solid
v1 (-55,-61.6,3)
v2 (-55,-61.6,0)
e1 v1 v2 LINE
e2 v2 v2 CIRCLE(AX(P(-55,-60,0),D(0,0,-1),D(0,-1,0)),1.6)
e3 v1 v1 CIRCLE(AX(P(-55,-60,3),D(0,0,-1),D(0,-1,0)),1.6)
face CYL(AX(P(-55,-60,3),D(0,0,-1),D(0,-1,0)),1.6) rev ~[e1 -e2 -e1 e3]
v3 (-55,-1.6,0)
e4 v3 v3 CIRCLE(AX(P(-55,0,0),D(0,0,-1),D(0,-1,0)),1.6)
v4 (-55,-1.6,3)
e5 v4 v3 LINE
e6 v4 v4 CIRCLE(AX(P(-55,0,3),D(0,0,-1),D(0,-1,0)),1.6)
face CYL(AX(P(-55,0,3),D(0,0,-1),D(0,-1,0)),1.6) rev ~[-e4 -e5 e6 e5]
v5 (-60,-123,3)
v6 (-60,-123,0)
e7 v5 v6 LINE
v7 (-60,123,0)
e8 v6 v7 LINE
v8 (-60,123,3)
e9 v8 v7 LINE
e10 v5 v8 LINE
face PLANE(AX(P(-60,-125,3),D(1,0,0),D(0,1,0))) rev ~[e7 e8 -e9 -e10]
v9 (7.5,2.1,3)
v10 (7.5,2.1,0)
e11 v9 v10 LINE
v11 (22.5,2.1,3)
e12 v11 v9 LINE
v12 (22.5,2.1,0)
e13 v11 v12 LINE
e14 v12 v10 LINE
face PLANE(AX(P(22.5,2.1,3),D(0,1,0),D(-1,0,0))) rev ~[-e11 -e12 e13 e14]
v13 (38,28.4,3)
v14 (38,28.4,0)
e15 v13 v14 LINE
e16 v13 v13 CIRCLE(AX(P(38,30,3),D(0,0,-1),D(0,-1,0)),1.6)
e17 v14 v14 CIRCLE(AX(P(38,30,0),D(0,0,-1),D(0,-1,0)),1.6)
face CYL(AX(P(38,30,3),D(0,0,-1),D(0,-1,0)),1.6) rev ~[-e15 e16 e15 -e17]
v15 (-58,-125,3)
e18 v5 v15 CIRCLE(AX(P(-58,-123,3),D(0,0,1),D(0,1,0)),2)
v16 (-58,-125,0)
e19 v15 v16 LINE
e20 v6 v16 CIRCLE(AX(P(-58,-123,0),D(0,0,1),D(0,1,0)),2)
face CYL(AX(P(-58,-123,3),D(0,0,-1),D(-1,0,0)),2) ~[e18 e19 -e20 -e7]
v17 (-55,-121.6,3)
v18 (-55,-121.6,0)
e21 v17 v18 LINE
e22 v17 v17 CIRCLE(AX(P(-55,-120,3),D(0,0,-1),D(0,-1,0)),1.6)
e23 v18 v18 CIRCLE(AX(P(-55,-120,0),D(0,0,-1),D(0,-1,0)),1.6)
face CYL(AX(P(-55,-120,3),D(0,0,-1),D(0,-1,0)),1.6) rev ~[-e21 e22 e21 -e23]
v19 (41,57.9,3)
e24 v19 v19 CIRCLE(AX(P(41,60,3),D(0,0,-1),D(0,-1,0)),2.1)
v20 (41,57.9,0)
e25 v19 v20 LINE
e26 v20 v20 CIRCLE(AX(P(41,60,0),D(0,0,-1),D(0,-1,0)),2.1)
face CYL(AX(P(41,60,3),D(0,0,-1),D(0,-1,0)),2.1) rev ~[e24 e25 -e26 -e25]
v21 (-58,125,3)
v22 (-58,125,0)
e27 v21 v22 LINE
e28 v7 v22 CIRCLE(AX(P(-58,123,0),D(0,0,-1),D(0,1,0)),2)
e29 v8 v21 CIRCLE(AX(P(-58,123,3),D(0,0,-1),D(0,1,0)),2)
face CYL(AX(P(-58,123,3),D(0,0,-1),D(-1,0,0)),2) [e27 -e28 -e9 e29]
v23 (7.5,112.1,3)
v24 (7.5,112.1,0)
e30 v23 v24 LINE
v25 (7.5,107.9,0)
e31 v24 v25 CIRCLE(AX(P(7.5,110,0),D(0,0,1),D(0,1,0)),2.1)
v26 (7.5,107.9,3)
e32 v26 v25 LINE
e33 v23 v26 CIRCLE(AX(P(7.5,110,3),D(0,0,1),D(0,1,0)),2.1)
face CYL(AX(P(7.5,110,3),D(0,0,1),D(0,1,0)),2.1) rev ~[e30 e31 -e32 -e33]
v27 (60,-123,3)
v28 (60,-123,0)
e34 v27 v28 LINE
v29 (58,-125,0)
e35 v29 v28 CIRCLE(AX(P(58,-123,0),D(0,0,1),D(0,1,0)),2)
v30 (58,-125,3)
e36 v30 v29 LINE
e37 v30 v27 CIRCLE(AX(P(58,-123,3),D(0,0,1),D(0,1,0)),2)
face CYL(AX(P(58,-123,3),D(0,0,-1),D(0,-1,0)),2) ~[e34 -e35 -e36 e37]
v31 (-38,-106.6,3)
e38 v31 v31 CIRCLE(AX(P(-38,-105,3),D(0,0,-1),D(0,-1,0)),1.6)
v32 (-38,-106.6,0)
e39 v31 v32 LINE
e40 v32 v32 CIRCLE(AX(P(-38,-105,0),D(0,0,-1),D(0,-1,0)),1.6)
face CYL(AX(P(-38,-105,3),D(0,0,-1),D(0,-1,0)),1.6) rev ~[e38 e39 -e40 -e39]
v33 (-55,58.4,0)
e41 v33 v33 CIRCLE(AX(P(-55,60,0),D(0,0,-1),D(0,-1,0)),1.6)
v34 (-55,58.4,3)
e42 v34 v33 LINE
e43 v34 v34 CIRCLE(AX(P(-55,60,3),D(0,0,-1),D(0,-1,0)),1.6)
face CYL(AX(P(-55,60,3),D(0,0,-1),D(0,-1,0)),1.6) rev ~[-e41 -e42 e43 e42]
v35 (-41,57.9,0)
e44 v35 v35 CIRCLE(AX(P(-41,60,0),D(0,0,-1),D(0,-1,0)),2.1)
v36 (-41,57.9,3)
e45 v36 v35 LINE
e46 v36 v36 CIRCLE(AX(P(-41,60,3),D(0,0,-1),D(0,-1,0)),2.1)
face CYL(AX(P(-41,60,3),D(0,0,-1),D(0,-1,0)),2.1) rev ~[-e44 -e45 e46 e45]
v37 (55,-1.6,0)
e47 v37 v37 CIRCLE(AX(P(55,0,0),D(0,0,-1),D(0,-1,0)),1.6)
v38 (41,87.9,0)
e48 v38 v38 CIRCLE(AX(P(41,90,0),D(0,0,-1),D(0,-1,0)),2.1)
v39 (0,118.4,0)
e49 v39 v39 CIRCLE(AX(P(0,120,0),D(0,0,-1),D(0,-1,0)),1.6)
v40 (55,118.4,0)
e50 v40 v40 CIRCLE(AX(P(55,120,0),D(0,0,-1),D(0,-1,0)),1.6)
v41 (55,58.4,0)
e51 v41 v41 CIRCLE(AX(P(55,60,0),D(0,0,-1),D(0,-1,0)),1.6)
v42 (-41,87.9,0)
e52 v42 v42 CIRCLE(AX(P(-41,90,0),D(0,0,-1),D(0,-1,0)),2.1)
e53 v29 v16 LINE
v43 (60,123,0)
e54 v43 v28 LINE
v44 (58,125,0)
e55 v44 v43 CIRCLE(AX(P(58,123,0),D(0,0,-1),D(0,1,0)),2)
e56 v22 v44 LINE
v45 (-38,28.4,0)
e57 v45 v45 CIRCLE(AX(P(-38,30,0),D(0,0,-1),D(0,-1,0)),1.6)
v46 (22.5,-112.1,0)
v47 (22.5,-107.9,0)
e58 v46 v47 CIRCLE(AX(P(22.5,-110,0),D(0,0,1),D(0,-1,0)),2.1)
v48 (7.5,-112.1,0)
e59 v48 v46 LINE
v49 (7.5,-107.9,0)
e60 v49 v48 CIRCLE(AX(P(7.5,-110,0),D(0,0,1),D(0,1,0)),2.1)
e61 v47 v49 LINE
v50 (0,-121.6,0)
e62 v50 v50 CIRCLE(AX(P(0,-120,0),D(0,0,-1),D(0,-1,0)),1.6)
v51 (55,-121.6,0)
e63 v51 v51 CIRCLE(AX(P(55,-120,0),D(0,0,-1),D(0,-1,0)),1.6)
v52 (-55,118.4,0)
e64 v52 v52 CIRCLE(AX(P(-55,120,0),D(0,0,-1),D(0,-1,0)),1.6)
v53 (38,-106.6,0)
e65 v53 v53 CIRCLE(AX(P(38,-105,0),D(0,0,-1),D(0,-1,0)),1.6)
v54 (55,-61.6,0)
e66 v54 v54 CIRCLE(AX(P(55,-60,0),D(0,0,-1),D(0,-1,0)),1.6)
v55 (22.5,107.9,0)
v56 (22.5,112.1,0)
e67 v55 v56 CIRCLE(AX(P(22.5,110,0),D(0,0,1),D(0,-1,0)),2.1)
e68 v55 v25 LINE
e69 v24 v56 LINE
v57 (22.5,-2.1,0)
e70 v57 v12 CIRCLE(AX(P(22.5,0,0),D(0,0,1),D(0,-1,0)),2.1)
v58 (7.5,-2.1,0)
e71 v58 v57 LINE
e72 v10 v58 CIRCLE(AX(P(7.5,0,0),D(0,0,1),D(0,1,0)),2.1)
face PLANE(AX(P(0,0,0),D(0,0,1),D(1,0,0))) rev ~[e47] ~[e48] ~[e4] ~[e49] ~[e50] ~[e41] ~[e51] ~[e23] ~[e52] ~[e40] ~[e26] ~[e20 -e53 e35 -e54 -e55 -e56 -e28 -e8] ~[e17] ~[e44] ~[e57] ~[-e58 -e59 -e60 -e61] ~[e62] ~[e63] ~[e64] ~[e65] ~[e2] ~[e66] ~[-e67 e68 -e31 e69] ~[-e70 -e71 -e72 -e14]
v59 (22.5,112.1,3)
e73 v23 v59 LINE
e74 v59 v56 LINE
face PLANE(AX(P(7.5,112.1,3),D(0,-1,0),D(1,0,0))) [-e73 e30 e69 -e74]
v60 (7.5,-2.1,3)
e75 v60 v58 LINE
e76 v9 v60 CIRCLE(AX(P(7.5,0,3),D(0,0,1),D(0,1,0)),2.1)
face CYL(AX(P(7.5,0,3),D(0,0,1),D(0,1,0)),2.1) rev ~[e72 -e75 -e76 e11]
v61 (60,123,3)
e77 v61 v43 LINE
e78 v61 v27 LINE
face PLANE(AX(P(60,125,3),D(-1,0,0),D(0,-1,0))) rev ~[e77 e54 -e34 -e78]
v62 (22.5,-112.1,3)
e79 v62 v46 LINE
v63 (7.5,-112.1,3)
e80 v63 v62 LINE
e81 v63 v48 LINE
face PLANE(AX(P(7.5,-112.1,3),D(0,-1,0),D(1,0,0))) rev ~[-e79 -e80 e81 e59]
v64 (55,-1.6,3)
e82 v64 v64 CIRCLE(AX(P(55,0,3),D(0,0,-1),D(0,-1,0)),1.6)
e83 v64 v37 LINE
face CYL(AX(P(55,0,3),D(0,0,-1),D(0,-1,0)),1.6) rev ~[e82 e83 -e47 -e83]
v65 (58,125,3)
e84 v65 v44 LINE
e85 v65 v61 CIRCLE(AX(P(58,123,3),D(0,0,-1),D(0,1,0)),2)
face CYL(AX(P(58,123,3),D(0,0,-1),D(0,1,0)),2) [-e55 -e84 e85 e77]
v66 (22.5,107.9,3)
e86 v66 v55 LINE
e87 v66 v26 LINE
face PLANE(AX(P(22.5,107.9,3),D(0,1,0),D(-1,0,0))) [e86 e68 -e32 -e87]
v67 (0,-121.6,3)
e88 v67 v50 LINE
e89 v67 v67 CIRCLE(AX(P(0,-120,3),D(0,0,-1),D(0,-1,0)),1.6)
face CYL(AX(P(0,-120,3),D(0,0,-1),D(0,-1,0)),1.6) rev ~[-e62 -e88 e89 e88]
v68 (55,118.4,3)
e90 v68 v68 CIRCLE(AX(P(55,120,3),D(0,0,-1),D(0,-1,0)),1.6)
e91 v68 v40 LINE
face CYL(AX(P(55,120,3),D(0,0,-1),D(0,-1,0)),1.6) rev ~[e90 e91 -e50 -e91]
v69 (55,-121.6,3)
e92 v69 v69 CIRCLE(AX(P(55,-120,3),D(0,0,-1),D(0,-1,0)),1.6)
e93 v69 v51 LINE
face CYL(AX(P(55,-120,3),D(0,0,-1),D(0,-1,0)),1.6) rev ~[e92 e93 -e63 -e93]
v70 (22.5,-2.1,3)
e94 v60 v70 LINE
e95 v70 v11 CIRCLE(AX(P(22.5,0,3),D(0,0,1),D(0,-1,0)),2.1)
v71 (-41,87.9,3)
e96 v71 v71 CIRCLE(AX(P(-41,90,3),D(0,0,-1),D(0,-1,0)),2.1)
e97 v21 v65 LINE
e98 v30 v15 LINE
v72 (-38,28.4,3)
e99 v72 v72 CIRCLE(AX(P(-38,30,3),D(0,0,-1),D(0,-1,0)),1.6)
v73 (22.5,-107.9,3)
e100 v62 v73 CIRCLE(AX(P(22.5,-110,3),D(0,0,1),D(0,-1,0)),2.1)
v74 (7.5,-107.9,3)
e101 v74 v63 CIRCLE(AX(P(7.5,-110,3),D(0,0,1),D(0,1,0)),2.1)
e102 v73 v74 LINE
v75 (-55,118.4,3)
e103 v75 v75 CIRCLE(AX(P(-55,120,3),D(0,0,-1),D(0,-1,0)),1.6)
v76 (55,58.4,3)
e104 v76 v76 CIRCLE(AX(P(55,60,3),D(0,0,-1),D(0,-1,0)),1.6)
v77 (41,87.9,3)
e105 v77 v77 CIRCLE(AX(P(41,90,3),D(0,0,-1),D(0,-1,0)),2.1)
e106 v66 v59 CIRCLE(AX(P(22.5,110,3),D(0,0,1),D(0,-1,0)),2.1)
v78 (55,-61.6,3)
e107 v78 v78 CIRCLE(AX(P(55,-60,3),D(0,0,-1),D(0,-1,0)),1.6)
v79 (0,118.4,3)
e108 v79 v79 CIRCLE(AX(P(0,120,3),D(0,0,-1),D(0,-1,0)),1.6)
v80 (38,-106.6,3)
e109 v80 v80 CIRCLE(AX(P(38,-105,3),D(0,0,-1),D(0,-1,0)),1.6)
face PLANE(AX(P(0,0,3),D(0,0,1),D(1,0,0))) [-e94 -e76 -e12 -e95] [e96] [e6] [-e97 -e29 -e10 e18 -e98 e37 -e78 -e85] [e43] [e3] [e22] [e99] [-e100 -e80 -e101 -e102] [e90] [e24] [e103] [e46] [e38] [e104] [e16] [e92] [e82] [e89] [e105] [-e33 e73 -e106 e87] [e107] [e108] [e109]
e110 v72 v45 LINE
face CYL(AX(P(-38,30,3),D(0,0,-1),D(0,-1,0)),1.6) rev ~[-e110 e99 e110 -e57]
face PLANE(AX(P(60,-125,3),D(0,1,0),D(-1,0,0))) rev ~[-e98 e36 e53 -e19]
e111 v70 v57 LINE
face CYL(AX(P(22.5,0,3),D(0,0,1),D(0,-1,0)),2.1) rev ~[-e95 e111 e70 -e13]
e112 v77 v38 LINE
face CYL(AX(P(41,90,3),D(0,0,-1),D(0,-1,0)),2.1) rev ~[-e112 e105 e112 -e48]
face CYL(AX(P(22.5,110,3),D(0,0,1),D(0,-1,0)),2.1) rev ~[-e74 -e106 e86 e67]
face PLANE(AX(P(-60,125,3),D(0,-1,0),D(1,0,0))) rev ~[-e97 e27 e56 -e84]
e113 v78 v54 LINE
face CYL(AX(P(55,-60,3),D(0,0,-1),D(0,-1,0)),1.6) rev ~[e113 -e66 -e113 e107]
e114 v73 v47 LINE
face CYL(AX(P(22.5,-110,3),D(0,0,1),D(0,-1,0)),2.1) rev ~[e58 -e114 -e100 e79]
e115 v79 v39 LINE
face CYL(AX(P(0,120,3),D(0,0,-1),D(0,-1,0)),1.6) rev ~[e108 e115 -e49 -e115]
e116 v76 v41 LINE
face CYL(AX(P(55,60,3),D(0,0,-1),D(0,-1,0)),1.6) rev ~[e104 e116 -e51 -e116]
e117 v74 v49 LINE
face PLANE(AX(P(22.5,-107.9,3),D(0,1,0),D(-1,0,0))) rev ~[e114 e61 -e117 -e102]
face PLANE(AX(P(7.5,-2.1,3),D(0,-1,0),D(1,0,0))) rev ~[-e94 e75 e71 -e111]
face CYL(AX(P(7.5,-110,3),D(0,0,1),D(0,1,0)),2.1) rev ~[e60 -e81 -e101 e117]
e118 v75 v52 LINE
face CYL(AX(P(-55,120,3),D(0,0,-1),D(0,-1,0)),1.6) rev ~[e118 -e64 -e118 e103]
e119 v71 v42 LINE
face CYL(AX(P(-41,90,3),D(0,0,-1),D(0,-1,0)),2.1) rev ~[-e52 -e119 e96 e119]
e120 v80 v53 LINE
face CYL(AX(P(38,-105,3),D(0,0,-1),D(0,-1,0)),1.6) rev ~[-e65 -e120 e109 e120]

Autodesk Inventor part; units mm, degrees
ref_plane "YZ Plane" through (0, 0, 0) normal (1, 0, 0) x (0, 1, 0)
ref_plane "XZ Plane" through (0, 0, 0) normal (0, 1, 0) x (-1, 0, 0)
ref_plane "XY Plane" through (0, 0, 0) normal (0, 0, 1) x (1, 0, 0)
sketch "スケッチ1" plane through (0, 0, 0) normal (0, 0, 1) x (1, 0, 0)
  line L0 (50, -115) -> (-50, -115)
  line L1 (-50, -115) -> (-50, 115)
  line L2 (-50, 115) -> (50, 115)
  line L3 (50, 115) -> (50, -115)
  line L4 (50, -115) -> (-50, 115) construction
  line L5 (-50, -115) -> (50, 115) construction
  point P0 (0, 0)
  dimension "d0" = 230
  dimension "d1" = 100
extrude "押し出し1" add sketch "スケッチ1" along normal blind 3
sketch "スケッチ2" plane through (0, 0, 3) normal (0, 0, 1) x (1, 0, 0)
  line L0 (38, -105) -> (-38, -105)
  line L1 (-38, -105) -> (-38, 30)
  line L2 (-38, 30) -> (38, 30)
  line L3 (38, 30) -> (38, -105)
  line L4 (38, -105) -> (-38, 30) construction
  line L5 (-38, -105) -> (38, 30) construction
  line L6 (-50, -115) -> (50, -115) projected
  point P0 (0, 0)
  point P1 (0, -37.5)
  point P2 (0, -37.5)
  dimension "d4" = 76
  dimension "d5" = 135
  dimension "d6" = 10
hole "穴1" at (-38, -105, 3) at (38, -105, 3) at (38, 30, 3) at (-38, 30, 3) direction (0, 0, -1) diameter 3.2 end through all
sketch "スケッチ3" plane through (0, 0, 3) normal (0, 0, 1) x (1, 0, 0)
  line L0 (41, 60) -> (-41, 60)
  line L1 (-41, 60) -> (-41, 90)
  line L2 (-41, 90) -> (41, 90)
  line L3 (41, 90) -> (41, 60)
  line L4 (41, 60) -> (-41, 90) construction
  line L5 (-41, 60) -> (41, 90) construction
  circle A0 centre (-38, 30) radius 1.6 projected
  point P0 (0, 0)
  point P1 (0, 75)
  dimension "d14" = 82
  dimension "d15" = 30
  dimension "d16" = 30
hole "穴2" at (-41, 60, 3) at (41, 60, 3) at (41, 90, 3) at (-41, 90, 3) direction (0, 0, -1) diameter 4.2 end through all
sketch "スケッチ4" plane through (0, 0, 3) normal (0, 0, 1) x (1, 0, 0)
  circle A0 centre (41, 90) radius 2.1 projected
  circle A1 centre (-41, 60) radius 2.1 projected
  circle A2 centre (41, 60) radius 2.1 projected
  circle A3 centre (-41, 90) radius 2.1 projected
  circle A4 centre (38, 30) radius 1.6 projected
  circle A5 centre (-38, -105) radius 1.6 projected
  circle A6 centre (38, -105) radius 1.6 projected
  circle A7 centre (-38, 30) radius 1.6 projected
  line L0 (50, 115) -> (-50, 115) projected
  line L1 (-50, 115) -> (-50, -115) projected
  line L2 (-50, -115) -> (50, -115) projected
  line L3 (50, -115) -> (50, 115) projected
  line L4 (-60, -125) -> (-60, 125)
  line L5 (-60, 125) -> (60, 125)
  line L6 (60, 125) -> (60, -125)
  line L7 (60, -125) -> (-60, -125)
  point P0 (0, 0)
  dimension "d24" = 10
extrude "押し出し2" add sketch "スケッチ4" against normal up to surface (3 mm away) contours L4 L5 L6 L7
sketch "スケッチ5" plane through (0, 0, 3) normal (0, 0, 1) x (1, 0, 0)
  line L0 (60, 125) -> (-60, 125) projected
  line L1 (-60, 125) -> (-60, -125) projected
  line L2 (-60, -125) -> (60, -125) projected
  line L3 (60, -125) -> (60, 125) projected
  circle A0 centre (41, 90) radius 2.1 projected
  circle A1 centre (-41, 60) radius 2.1 projected
  circle A2 centre (41, 60) radius 2.1 projected
  circle A3 centre (-41, 90) radius 2.1 projected
  circle A4 centre (38, 30) radius 1.6 projected
  circle A5 centre (-38, -105) radius 1.6 projected
  circle A6 centre (38, -105) radius 1.6 projected
  circle A7 centre (-38, 30) radius 1.6 projected
  line L4 (-55, -120) -> (-55, 120)
  line L5 (-55, 120) -> (55, 120)
  line L6 (55, 120) -> (55, -120)
  line L7 (55, -120) -> (-55, -120)
  point P0 (0, 0)
  point P1 (0, -120)
  point P2 (0, 120)
  point P3 (55, 0)
  point P4 (55, -60)
  point P5 (-55, -60)
  point P6 (-55, 60)
  point P7 (55, 60)
  point P8 (-55, 0)
  dimension "d27" = 5
  dimension "d28" = 60
  dimension "d29" = 60
hole "穴3" at (-55, -120, 3) at (55, -120, 3) at (0, -120, 3) at (0, 120, 3) at (-55, 120, 3) at (55, 120, 3) at (55, 0, 3) at (55, -60, 3) at (-55, -60, 3) at (-55, 60, 3) at (55, 60, 3) at (-55, 0, 3) direction (0, 0, -1) diameter 3.2 end through all
fillet "フィレット1" radius 2 4 edges at (-60, -125, 1.5) (60, -125, 1.5) (60, 125, 1.5) (-60, 125, 1.5)
sketch "スケッチ6" plane through (0, 0, 3) normal (0, 0, 1) x (1, 0, 0)
  circle A0 centre (55, 60) radius 1.6 projected
  circle A1 centre (-55, -60) radius 1.6 projected
  circle A2 centre (55, 0) radius 1.6 projected
  circle A3 centre (-55, 120) radius 1.6 projected
  circle A4 centre (0, -120) radius 1.6 projected
  circle A5 centre (-55, -120) radius 1.6 projected
  circle A6 centre (55, -120) radius 1.6 projected
  circle A7 centre (0, 120) radius 1.6 projected
  circle A8 centre (55, 120) radius 1.6 projected
  circle A9 centre (55, -60) radius 1.6 projected
  circle A10 centre (-55, 60) radius 1.6 projected
  circle A11 centre (-55, 0) radius 1.6 projected
  arc A12 (-58, 125) -> (-60, 123) centre (-58, 123) ccw projected
  line L0 (-60, 123) -> (-60, -123) projected
  arc A13 (-60, -123) -> (-58, -125) centre (-58, -123) ccw projected
  line L1 (-58, -125) -> (58, -125) projected
  arc A14 (58, -125) -> (60, -123) centre (58, -123) ccw projected
  line L2 (60, -123) -> (60, 123) projected
  arc A15 (60, 123) -> (58, 125) centre (58, 123) ccw projected
  line L3 (58, 125) -> (-58, 125) projected
  circle A16 centre (41, 90) radius 2.1 projected
  circle A17 centre (-41, 60) radius 2.1 projected
  circle A18 centre (41, 60) radius 2.1 projected
  circle A19 centre (-41, 90) radius 2.1 projected
  circle A20 centre (38, 30) radius 1.6 projected
  circle A21 centre (-38, -105) radius 1.6 projected
  circle A22 centre (38, -105) radius 1.6 projected
  circle A23 centre (-38, 30) radius 1.6 projected
  line L4 (22.5, 0) -> (7.5, 0) construction
  line L5 (22.5, 2.1) -> (7.5, 2.1)
  line L6 (7.5, -2.1) -> (22.5, -2.1)
  arc A24 (22.5, -2.1) -> (22.5, 2.1) centre (22.5, 0) ccw
  arc A25 (7.5, 2.1) -> (7.5, -2.1) centre (7.5, 0) ccw
  line L7 (22.5, -110) -> (7.5, -110) construction
  line L8 (22.5, -107.9) -> (7.5, -107.9)
  line L9 (7.5, -112.1) -> (22.5, -112.1)
  arc A26 (22.5, -112.1) -> (22.5, -107.9) centre (22.5, -110) ccw
  arc A27 (7.5, -107.9) -> (7.5, -112.1) centre (7.5, -110) ccw
  line L10 (22.5, 110) -> (7.5, 110) construction
  line L11 (22.5, 107.9) -> (7.5, 107.9)
  line L12 (7.5, 112.1) -> (22.5, 112.1)
  arc A28 (22.5, 107.9) -> (22.5, 112.1) centre (22.5, 110) ccw
  arc A29 (7.5, 112.1) -> (7.5, 107.9) centre (7.5, 110) ccw
  point P0 (15, 0)
  point P1 (15, -110)
  point P2 (15, 110)
  dimension "d38" = 4.2
  dimension "d39" = 4.2
  dimension "d40" = 4.2
  dimension "d41" = 110
  dimension "d42" = 110
  dimension "d43" = 15
  dimension "d46" = 45
extrude "押し出し3" cut sketch "スケッチ6" against normal blind 3 contours A24 L6 A25 L5 | A26 L9 A27 L8 | L11 A29 L12 A28
sketch "スケッチ7" plane through (0, 0, 3) normal (0, 0, 1) x (1, 0, 0)
  arc A0 (7.5, 112.1) -> (7.5, 107.9) centre (7.5, 110) ccw projected
  line L0 (7.5, 112.1) -> (22.5, 112.1) projected
  arc A1 (22.5, 107.9) -> (22.5, 112.1) centre (22.5, 110) ccw projected
  line L1 (22.5, 107.9) -> (7.5, 107.9) projected
  arc A2 (7.5, 2.1) -> (7.5, -2.1) centre (7.5, 0) ccw projected
  line L2 (7.5, 2.1) -> (22.5, 2.1) projected
  arc A3 (22.5, -2.1) -> (22.5, 2.1) centre (22.5, 0) ccw projected
  line L3 (22.5, -2.1) -> (7.5, -2.1) projected
  line L4 (22.5, -112.1) -> (7.5, -112.1) projected
  arc A4 (7.5, -107.9) -> (7.5, -112.1) centre (7.5, -110) ccw projected
  line L5 (7.5, -107.9) -> (22.5, -107.9) projected
  arc A5 (22.5, -112.1) -> (22.5, -107.9) centre (22.5, -110) ccw projected
  circle A6 centre (55, 60) radius 1.6 projected
  circle A7 centre (-55, -60) radius 1.6 projected
  circle A8 centre (55, 0) radius 1.6 projected
  circle A9 centre (-55, 120) radius 1.6 projected
  circle A10 centre (0, -120) radius 1.6 projected
  circle A11 centre (-55, -120) radius 1.6 projected
  circle A12 centre (55, -120) radius 1.6 projected
  circle A13 centre (0, 120) radius 1.6 projected
  circle A14 centre (55, 120) radius 1.6 projected
  circle A15 centre (55, -60) radius 1.6 projected
  circle A16 centre (-55, 60) radius 1.6 projected
  circle A17 centre (-55, 0) radius 1.6 projected
  arc A18 (-58, 125) -> (-60, 123) centre (-58, 123) ccw projected
  line L6 (-60, 123) -> (-60, -123) projected
  arc A19 (-60, -123) -> (-58, -125) centre (-58, -123) ccw projected
  line L7 (-58, -125) -> (58, -125) projected
  arc A20 (58, -125) -> (60, -123) centre (58, -123) ccw projected
  line L8 (60, -123) -> (60, 123) projected
  arc A21 (60, 123) -> (58, 125) centre (58, 123) ccw projected
  line L9 (58, 125) -> (-58, 125) projected
  circle A22 centre (41, 90) radius 2.1 projected
  circle A23 centre (-41, 60) radius 2.1 projected
  circle A24 centre (41, 60) radius 2.1 projected
  circle A25 centre (-41, 90) radius 2.1 projected
  circle A26 centre (38, 30) radius 1.6 projected
  circle A27 centre (-38, -105) radius 1.6 projected
  circle A28 centre (38, -105) radius 1.6 projected
  circle A29 centre (-38, 30) radius 1.6 projected
  point P0 (0, 0)
properties part number "Contorller_Mount"
